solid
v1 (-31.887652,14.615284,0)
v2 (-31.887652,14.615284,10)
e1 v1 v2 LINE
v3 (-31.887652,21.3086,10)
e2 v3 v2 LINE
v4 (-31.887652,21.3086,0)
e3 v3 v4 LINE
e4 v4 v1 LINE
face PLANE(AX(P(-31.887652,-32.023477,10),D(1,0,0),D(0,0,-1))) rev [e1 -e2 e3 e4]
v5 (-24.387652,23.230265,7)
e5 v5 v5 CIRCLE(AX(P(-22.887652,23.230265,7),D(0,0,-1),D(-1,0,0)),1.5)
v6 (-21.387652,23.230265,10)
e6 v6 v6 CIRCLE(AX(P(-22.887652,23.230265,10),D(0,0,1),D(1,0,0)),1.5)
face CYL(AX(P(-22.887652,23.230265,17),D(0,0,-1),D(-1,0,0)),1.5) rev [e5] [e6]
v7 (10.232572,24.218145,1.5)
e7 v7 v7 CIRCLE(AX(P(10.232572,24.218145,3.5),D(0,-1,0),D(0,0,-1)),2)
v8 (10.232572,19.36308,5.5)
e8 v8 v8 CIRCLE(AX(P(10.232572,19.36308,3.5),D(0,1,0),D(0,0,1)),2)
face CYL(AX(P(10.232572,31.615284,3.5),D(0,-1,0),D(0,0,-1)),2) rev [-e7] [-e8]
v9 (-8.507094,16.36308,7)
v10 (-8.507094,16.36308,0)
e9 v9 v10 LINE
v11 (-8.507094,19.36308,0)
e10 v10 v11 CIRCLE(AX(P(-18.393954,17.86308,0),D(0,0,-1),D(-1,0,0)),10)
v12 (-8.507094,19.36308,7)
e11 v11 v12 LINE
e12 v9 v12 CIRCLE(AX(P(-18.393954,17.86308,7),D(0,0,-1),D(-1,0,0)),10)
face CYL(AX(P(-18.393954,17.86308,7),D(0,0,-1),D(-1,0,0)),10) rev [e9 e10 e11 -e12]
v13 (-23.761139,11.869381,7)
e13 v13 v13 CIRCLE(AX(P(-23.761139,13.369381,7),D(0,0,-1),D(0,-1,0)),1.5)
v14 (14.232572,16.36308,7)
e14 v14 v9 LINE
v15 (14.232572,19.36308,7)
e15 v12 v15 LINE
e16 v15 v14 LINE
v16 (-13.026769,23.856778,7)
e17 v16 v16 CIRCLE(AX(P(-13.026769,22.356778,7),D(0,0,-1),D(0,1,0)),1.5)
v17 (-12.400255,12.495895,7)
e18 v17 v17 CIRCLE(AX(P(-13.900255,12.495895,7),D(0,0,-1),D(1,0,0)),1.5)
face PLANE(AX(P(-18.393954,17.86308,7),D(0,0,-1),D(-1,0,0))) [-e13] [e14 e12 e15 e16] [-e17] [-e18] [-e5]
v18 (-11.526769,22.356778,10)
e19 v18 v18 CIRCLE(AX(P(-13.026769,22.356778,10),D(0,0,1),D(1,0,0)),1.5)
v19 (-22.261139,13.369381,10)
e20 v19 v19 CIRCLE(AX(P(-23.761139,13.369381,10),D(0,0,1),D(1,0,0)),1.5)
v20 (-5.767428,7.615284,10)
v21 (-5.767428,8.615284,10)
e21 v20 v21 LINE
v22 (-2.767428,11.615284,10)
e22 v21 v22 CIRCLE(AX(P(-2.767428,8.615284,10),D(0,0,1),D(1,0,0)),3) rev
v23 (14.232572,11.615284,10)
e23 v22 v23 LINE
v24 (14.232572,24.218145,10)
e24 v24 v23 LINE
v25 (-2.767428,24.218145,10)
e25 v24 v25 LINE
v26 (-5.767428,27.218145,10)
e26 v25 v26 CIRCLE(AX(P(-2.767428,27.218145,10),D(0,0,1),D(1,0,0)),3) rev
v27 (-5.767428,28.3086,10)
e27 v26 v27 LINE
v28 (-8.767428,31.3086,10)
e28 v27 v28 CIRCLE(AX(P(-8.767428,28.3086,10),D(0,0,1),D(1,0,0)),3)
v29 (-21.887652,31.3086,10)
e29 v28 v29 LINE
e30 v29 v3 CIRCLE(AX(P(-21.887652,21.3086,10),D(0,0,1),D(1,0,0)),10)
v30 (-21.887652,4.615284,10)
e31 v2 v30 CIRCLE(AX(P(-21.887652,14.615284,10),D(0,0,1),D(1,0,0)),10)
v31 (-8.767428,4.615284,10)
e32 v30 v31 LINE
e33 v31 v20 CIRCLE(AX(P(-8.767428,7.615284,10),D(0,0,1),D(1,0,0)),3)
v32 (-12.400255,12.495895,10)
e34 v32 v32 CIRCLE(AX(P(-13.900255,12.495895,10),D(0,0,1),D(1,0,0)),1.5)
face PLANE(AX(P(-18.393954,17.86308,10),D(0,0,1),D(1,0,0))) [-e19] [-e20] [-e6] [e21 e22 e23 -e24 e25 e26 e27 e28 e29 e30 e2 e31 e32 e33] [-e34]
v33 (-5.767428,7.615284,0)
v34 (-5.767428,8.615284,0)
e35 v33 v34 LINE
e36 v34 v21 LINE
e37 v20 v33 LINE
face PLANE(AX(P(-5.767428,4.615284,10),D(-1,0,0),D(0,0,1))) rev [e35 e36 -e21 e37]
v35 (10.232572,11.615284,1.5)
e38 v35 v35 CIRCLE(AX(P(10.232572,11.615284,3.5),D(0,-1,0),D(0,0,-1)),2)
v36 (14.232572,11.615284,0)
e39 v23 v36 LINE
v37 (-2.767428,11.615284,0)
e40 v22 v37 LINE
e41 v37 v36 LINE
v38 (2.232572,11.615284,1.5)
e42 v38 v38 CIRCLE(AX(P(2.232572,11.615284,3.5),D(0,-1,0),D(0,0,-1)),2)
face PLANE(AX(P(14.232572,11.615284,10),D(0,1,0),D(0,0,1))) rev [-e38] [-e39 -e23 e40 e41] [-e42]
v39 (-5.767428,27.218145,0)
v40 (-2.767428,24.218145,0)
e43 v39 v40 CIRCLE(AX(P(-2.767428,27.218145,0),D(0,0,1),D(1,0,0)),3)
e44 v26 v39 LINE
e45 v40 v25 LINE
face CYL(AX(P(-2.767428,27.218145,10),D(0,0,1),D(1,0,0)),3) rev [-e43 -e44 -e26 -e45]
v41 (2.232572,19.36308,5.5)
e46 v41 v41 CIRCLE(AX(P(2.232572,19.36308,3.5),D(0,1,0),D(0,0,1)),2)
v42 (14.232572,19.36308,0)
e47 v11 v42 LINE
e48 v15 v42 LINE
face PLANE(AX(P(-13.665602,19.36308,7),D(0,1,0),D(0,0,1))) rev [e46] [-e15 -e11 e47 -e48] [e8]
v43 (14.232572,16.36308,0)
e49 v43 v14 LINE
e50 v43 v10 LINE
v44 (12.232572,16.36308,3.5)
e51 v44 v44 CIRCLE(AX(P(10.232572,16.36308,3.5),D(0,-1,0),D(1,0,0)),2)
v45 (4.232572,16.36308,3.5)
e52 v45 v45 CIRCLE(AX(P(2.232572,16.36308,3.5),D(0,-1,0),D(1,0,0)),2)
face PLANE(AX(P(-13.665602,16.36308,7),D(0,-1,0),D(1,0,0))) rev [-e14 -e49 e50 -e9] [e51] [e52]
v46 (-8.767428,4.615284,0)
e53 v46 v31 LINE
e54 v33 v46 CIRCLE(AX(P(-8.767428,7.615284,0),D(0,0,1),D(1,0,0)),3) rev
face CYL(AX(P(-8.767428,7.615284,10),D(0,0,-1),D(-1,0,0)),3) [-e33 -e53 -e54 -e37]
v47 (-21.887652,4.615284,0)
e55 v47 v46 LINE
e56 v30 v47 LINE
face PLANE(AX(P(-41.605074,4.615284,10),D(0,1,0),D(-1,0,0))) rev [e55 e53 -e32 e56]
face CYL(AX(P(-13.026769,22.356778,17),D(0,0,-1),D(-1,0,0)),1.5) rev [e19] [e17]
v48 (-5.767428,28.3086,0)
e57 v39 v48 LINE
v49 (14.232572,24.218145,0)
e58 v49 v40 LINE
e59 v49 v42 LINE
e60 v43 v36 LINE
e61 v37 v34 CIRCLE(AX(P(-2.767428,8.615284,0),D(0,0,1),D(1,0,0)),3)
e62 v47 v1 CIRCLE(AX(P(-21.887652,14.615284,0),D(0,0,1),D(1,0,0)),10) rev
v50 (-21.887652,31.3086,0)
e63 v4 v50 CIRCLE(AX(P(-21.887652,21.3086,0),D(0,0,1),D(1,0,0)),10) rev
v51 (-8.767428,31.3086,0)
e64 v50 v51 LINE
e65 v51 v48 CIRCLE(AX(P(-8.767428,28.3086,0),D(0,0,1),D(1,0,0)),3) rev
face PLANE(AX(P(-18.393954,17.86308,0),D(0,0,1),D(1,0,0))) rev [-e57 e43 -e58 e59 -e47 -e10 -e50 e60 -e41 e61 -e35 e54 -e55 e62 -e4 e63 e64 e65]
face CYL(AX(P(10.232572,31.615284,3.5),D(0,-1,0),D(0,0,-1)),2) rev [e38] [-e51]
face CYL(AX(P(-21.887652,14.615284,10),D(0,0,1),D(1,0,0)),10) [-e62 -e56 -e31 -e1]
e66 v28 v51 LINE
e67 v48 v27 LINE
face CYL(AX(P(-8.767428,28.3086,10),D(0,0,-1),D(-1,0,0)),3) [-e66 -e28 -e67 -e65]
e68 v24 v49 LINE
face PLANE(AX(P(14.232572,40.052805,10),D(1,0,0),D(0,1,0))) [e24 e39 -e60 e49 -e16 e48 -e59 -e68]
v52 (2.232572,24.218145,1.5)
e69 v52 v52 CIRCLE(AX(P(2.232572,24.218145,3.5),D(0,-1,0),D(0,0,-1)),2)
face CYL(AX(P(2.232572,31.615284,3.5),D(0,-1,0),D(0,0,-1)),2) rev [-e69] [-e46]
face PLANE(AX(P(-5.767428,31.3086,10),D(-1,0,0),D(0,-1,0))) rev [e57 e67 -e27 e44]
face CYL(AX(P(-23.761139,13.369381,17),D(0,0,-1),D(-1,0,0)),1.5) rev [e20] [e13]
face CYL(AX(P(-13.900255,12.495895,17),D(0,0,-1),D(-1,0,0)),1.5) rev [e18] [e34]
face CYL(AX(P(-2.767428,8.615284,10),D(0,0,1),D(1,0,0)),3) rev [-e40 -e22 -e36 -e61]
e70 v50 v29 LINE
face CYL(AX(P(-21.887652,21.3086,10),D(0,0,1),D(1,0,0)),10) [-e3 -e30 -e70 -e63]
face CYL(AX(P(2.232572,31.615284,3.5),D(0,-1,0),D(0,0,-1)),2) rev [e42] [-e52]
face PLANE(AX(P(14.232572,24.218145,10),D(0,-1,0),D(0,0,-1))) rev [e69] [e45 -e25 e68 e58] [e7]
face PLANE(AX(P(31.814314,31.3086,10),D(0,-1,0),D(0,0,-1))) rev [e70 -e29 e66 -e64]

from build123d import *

# Parameters (mm, degrees)
ESQUISSE1_R                  = 50
BOSS_EXTRU_1_DEPTH           = 10
ESQUISSE2_R                  = 10
ENL_V_MAT_EXTRU_1_DEPTH      = 7
ESQUISSE4_W                  = 52.254082237
ESQUISSE4_H                  = 3
ENL_V_MAT_EXTRU_2_DEPTH      = 7
ESQUISSE6_W                  = 109.070687356
ESQUISSE6_H                  = 40.053485354
ENL_V_MAT_EXTRU_3_DEPTH      = 10
ESQUISSE8_W                  = 43.455454537
ESQUISSE8_H                  = 73.019440826
ENL_V_MAT_EXTRU_4_DEPTH      = 10
ESQUISSE9_W                  = 83.209839814
ESQUISSE9_H                  = 41.336413251
ENL_V_MAT_EXTRU_5_DEPTH      = 10
ESQUISSE10_W                 = 31.997575123
ESQUISSE10_H                 = 50.623415865
ENL_V_MAT_EXTRU_6_DEPTH      = 10
ESQUISSE11_R                 = 1.5
ENL_V_MAT_EXTRU_7_DEPTH      = 10
CONG_1_R                     = 10
ESQUISSE16_W                 = 20
ESQUISSE16_H                 = 7
ENL_V_MAT_EXTRU_11_DEPTH     = 10
CONG_2_R                     = 3
R_P_TITION_CIRCULAIRE1_COUNT = 4
ESQUISSE17_W                 = 20
ESQUISSE17_H                 = 7.090454939
ENL_V_MAT_EXTRU_12_DEPTH     = 10
CONG_3_R                     = 3
ESQUISSE19_R                 = 2
ENL_V_MAT_EXTRU_13_DEPTH     = 20
ESQUISSE19_3_R               = 2
ENL_V_MAT_EXTRU_14_DEPTH     = 20


with BuildPart() as part:
    # Esquisse1 → Boss.-Extru.1 (new body)
    with BuildSketch(Plane.XY):
        with Locations((-18.393953774, 17.863079719)):
            Circle(ESQUISSE1_R)
    extrude(amount=BOSS_EXTRU_1_DEPTH)

    # Esquisse2 → Enl_v. mat.-Extru.1 (cut)
    with BuildSketch(Plane(origin=(0, 0, 0), x_dir=(-1, 0, 0), z_dir=(0, 0, -1))):
        with Locations((18.393953774, 17.863079719)):
            Circle(ESQUISSE2_R)
    extrude(amount=-ENL_V_MAT_EXTRU_1_DEPTH, mode=Mode.SUBTRACT)

    # Esquisse4 → Enl_v. mat.-Extru.2 (cut)
    with BuildSketch(Plane(origin=(0, 0, 0), x_dir=(-1, 0, 0), z_dir=(0, 0, -1))):
        with Locations((-12.461439017, 17.863079719)):
            Rectangle(ESQUISSE4_W, ESQUISSE4_H)
    extrude(amount=-ENL_V_MAT_EXTRU_2_DEPTH, mode=Mode.SUBTRACT)

    # Esquisse6 → Enl_v. mat.-Extru.3 (cut)
    with BuildSketch(Plane(origin=(0, 0, 0), x_dir=(-1, 0, 0), z_dir=(0, 0, -1))):
        with Locations((22.721030159, 51.335342826)):
            Rectangle(ESQUISSE6_W, ESQUISSE6_H)
    extrude(amount=-ENL_V_MAT_EXTRU_3_DEPTH, mode=Mode.SUBTRACT)

    # Esquisse8 → Enl_v. mat.-Extru.4 (cut)
    with BuildSketch(Plane(origin=(0, 0, 0), x_dir=(-1, 0, 0), z_dir=(0, 0, -1))):
        with Locations((53.615379414, 4.486243449)):
            Rectangle(ESQUISSE8_W, ESQUISSE8_H)
    extrude(amount=-ENL_V_MAT_EXTRU_4_DEPTH, mode=Mode.SUBTRACT)

    # Esquisse9 → Enl_v. mat.-Extru.5 (cut)
    with BuildSketch(Plane(origin=(0, 0, 0), x_dir=(-1, 0, 0), z_dir=(0, 0, -1))):
        with Locations((0.000153838, -16.052922386)):
            Rectangle(ESQUISSE9_W, ESQUISSE9_H)
    extrude(amount=-ENL_V_MAT_EXTRU_5_DEPTH, mode=Mode.SUBTRACT)

    # Esquisse10 → Enl_v. mat.-Extru.6 (cut)
    with BuildSketch(Plane(origin=(0, 0, 0), x_dir=(-1, 0, 0), z_dir=(0, 0, -1))):
        with Locations((-30.231359533, 14.74109753)):
            Rectangle(ESQUISSE10_W, ESQUISSE10_H)
    extrude(amount=-ENL_V_MAT_EXTRU_6_DEPTH, mode=Mode.SUBTRACT)

    # Esquisse11 → Enl_v. mat.-Extru.7 (cut)
    with BuildSketch(Plane(origin=(0, 0, 7), x_dir=(-1, 0, 0), z_dir=(0, 0, -1))):
        with Locations((22.887652145, 23.230264731)):
            Circle(ESQUISSE11_R)
    enl_v_mat_extru_7 = extrude(amount=-ENL_V_MAT_EXTRU_7_DEPTH, mode=Mode.SUBTRACT)

    # Cong_1
    cong_1_edges = [part.edges().sort_by_distance(p)[0] for p in [
        (-31.887652145, 31.308600149, 5),
        (-31.887652145, 4.61528424, 5),
    ]]
    fillet(cong_1_edges, radius=CONG_1_R)

    # Esquisse16 → Enl_v. mat.-Extru.11 (cut)
    with BuildSketch(Plane(origin=(0, 0, 0), x_dir=(-1, 0, 0), z_dir=(0, 0, -1))):
        with Locations((-4.232571971, 8.11528424)):
            Rectangle(ESQUISSE16_W, ESQUISSE16_H)
    extrude(amount=-ENL_V_MAT_EXTRU_11_DEPTH, mode=Mode.SUBTRACT)

    # Cong_2
    cong_2_edges = [part.edges().sort_by_distance(p)[0] for p in [
        (-5.767428029, 4.61528424, 5),
        (-5.767428029, 11.61528424, 5),
    ]]
    fillet(cong_2_edges, radius=CONG_2_R)

    # R_p_tition circulaire1: Enl_v. mat.-Extru.7 ×4 about axis
    r_p_tition_circulaire1_axis = Axis((-18.393953774, 17.863079719, 7), (0, 0, -1))
    for i in range(1, R_P_TITION_CIRCULAIRE1_COUNT):
        add(enl_v_mat_extru_7.rotate(r_p_tition_circulaire1_axis, i * 360 / R_P_TITION_CIRCULAIRE1_COUNT), mode=Mode.SUBTRACT)

    # Esquisse17 → Enl_v. mat.-Extru.12 (cut)
    with BuildSketch(Plane(origin=(0, 0, 0), x_dir=(-1, 0, 0), z_dir=(0, 0, -1))):
        with Locations((-4.232571971, 27.76337268)):
            Rectangle(ESQUISSE17_W, ESQUISSE17_H)
    extrude(amount=-ENL_V_MAT_EXTRU_12_DEPTH, mode=Mode.SUBTRACT)

    # Cong_3
    cong_3_edges = [part.edges().sort_by_distance(p)[0] for p in [
        (-5.767428029, 24.21814521, 5),
        (-5.767428029, 31.308600149, 5),
    ]]
    fillet(cong_3_edges, radius=CONG_3_R)

    # Esquisse19 → Enl_v. mat.-Extru.13 (cut)
    with BuildSketch(Plane.XZ.offset(-11.61528424)):
        with Locations((10.232571971, 3.5)):
            Circle(ESQUISSE19_R)
    extrude(amount=-ENL_V_MAT_EXTRU_13_DEPTH, mode=Mode.SUBTRACT)

    # Esquisse19_3 → Enl_v. mat.-Extru.14 (cut)
    with BuildSketch(Plane.XZ.offset(-11.61528424)):
        with Locations((10.232571971, 3.5)):
            Circle(ESQUISSE19_3_R)
        with Locations((2.232571971, 3.5)):
            Circle(ESQUISSE19_3_R)
    extrude(amount=-ENL_V_MAT_EXTRU_14_DEPTH, mode=Mode.SUBTRACT)


solid = part.part
